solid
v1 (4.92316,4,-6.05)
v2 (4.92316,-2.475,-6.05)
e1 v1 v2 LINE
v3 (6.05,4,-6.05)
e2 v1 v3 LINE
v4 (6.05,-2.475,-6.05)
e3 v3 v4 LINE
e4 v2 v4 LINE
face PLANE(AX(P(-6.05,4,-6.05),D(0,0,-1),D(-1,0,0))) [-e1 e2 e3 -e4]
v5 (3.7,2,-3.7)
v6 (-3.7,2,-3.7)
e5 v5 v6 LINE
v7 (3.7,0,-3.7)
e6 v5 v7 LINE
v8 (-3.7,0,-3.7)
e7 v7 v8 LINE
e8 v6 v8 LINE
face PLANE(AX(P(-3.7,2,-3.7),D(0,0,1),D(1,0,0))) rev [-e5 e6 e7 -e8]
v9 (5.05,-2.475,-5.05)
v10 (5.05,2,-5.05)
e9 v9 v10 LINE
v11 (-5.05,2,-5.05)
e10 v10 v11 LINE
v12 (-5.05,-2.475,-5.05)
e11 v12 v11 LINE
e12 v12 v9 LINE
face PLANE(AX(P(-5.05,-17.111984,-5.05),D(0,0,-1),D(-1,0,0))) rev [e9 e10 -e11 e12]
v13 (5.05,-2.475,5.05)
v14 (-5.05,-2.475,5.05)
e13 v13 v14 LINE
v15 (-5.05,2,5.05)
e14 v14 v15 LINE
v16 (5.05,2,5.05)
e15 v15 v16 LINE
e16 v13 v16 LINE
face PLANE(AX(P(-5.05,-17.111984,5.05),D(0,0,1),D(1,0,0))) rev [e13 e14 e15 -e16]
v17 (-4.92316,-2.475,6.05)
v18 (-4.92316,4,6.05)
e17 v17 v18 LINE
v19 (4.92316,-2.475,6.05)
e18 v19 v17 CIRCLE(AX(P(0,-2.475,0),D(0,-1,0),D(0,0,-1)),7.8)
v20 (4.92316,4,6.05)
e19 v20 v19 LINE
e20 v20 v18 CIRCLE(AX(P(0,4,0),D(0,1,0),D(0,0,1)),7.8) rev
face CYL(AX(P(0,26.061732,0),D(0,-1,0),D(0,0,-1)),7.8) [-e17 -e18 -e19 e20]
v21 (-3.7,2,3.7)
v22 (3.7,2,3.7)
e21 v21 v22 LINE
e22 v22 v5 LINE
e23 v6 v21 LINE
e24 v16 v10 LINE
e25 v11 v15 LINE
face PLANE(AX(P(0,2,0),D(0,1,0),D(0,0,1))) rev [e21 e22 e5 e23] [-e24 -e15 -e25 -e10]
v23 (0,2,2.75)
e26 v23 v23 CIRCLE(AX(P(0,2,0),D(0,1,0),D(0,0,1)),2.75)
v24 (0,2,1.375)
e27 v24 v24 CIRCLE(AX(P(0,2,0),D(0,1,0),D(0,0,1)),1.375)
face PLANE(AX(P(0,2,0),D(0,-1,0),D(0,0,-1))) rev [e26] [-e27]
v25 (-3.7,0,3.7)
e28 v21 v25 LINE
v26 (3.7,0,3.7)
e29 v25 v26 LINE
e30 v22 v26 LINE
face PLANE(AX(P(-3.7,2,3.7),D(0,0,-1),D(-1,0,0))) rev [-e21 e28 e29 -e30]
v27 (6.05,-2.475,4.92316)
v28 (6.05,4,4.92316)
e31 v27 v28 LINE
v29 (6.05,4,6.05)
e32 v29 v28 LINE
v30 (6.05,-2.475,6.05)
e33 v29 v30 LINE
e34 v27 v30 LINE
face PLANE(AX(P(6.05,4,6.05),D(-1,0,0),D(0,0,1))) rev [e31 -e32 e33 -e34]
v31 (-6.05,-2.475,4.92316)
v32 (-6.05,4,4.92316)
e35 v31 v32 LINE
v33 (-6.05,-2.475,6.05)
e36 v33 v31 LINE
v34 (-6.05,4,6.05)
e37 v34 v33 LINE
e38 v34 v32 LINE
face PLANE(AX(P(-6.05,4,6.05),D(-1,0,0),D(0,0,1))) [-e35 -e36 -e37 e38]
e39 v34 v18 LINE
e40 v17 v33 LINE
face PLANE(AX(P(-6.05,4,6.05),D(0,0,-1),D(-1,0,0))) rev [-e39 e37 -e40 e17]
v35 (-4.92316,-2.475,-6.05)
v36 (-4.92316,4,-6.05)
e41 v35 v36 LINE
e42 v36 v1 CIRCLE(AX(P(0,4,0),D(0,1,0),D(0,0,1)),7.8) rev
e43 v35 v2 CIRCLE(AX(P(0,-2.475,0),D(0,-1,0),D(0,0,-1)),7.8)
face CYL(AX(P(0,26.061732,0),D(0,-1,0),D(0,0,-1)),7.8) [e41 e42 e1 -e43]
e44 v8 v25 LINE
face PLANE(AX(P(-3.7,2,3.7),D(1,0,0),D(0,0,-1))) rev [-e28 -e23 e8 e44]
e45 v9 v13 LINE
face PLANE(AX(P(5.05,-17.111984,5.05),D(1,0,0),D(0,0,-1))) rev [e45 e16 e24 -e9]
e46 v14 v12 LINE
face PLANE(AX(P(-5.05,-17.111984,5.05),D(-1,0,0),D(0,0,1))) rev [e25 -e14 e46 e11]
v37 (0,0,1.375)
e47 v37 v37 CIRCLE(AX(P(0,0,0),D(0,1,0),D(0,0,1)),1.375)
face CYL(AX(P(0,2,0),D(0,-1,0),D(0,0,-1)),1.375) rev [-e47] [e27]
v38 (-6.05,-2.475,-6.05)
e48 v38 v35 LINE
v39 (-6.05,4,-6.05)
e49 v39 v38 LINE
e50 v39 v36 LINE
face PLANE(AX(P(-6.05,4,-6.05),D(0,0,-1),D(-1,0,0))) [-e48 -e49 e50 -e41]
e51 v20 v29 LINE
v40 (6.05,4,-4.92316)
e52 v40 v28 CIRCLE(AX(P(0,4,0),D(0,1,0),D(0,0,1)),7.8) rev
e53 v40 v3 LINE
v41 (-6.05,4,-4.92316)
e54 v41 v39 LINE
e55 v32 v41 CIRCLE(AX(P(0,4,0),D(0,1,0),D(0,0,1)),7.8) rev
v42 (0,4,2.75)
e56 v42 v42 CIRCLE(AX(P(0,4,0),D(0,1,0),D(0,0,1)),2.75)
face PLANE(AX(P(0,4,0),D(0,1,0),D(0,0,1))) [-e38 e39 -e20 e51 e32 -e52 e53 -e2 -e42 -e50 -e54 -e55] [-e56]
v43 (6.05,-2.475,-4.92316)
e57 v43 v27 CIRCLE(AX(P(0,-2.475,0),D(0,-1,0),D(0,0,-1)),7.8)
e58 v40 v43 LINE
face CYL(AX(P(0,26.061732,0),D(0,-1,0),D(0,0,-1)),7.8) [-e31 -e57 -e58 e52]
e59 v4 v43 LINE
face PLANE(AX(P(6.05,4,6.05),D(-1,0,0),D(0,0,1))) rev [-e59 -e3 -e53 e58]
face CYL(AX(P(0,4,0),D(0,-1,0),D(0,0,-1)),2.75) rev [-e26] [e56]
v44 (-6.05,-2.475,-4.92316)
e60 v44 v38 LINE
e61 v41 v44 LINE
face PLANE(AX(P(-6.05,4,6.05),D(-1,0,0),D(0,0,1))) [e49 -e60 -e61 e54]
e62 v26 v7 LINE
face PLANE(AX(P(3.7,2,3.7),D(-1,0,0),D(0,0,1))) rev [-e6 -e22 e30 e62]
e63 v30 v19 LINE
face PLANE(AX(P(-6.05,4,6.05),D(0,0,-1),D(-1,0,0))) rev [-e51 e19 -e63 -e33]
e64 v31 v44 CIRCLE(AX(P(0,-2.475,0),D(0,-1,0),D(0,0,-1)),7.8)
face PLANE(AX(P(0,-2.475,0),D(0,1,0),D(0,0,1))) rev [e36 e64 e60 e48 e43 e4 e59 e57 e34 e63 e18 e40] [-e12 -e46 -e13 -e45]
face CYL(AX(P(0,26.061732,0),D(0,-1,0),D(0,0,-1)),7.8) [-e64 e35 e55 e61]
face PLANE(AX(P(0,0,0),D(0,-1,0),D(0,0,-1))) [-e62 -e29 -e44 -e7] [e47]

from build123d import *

# Parameters (mm, degrees)
SKETCH1_W           = 7.4
SKETCH1_H           = 7.4
SKETCH1_R           = 1.375
BOSS_EXTRUDE1_DEPTH = 2
SKETCH2_W           = 12.1
SKETCH2_H           = 12.1
SKETCH2_W_2         = 10.1
SKETCH2_H_2         = 10.1
BOSS_EXTRUDE2_DEPTH = 2
SKETCH3_W           = 12.1
SKETCH3_H           = 12.1
SKETCH3_R           = 2.75
BOSS_EXTRUDE3_DEPTH = 2
SKETCH4_R           = 2.75
SKETCH4_R_2         = 1.675
SKETCH4_R_3         = 1.375
BOSS_EXTRUDE4_DEPTH = 2
SKETCH5_R           = 1.675
BOSS_EXTRUDE5_DEPTH = 1.3
SKETCH10_W          = 12.1
SKETCH10_H          = 12.1
SKETCH10_W_2        = 10.1
SKETCH10_H_2        = 10.1
BOSS_EXTRUDE6_DEPTH = 3.175
SKETCH11_W          = 8.881017399
SKETCH11_H          = 18.09347602
CUT_EXTRUDE1_DEPTH  = 10
BOSS_EXTRUDE7_DEPTH = 6.475


with BuildPart() as part:
    # Sketch1 → Boss-Extrude1 (new body)
    with BuildSketch(Plane(origin=(0, 0, 0), x_dir=(1, 0, 0), z_dir=(0, 1, 0))):
        Rectangle(SKETCH1_W, SKETCH1_H)
        with Locations(Location((0, 0, 0), (0, 0, 270))):
            Circle(SKETCH1_R, mode=Mode.SUBTRACT)
    extrude(amount=BOSS_EXTRUDE1_DEPTH)



with BuildPart() as body_2:
    # Sketch2 → Boss-Extrude2 (new body)
    with BuildSketch(Plane(origin=(0, 2, 0), x_dir=(1, 0, 0), z_dir=(0, 1, 0))):
        Rectangle(SKETCH2_W, SKETCH2_H)
        Rectangle(SKETCH2_W_2, SKETCH2_H_2, mode=Mode.SUBTRACT)
    extrude(amount=-BOSS_EXTRUDE2_DEPTH)


with BuildPart() as part_1:
    add(part.part)

    add(body_2.part)  # Boss-Extrude3 merges body 2
    # Sketch3 → Boss-Extrude3 (add)
    with BuildSketch(Plane(origin=(0, 2, 0), x_dir=(1, 0, 0), z_dir=(0, 1, 0))):
        Rectangle(SKETCH3_W, SKETCH3_H)
        with Locations(Location((0, 0, 0), (0, 0, 270))):
            Circle(SKETCH3_R, mode=Mode.SUBTRACT)
    extrude(amount=BOSS_EXTRUDE3_DEPTH)

    # Sketch4 → Boss-Extrude4 (add)
    # profile 1 of 2: a face of its own
    with BuildSketch(Plane(origin=(0, 2, 0), x_dir=(1, 0, 0), z_dir=(0, 1, 0))):
        with BuildLine():
            Line((4, 0), (4, -20))
            ThreePointArc((4, -20), (0, -24), (-4, -20))
            Line((-4, -20), (-4, 0))
            ThreePointArc((-4, 0), (0, 4), (4, 0))
        make_face()
        with Locations(Location((0, 0, 0), (0, 0, 270))):
            Circle(SKETCH4_R, mode=Mode.SUBTRACT)
        with Locations(Location((0, -20, 0), (0, 0, 270))):
            Circle(SKETCH4_R_2, mode=Mode.SUBTRACT)
    # profile 2 of 2: a face of its own
    with BuildSketch(Plane(origin=(0, 2, 0), x_dir=(1, 0, 0), z_dir=(0, 1, 0))):
        with Locations(Location((0, 0, 0), (0, 0, 270))):
            Circle(SKETCH4_R_3)
    extrude(amount=BOSS_EXTRUDE4_DEPTH)


with BuildPart() as boss_extrude4_kept_piece:
    # of the separate pieces the step leaves, the one the design keeps (boss_extrude4_pieces_kept)
    add(part_1.part.solids().sort_by_distance((-3.7, 0, 3.7))[0])

    # Sketch5 → Boss-Extrude5 (add)
    # profile 1 of 2: a face of its own
    with BuildSketch(Plane(origin=(0, 2, 0), x_dir=(-1, 0, 0), z_dir=(0, -1, 0))):
        with BuildLine():
            ThreePointArc((-4, -20), (0, -16), (4, -20))
            Line((4, -20), (4, -6.05))
            Line((4, -6.05), (-4, -6.05))
            Line((-4, -6.05), (-4, -20))
        make_face()
    # profile 2 of 2: a face of its own
    with BuildSketch(Plane(origin=(0, 2, 0), x_dir=(-1, 0, 0), z_dir=(0, -1, 0))):
        with BuildLine():
            ThreePointArc((-4, -20), (0, -24), (4, -20))
            ThreePointArc((4, -20), (0, -16), (-4, -20))
        make_face()
        with Locations(Location((0, -20, 0), (0, 0, 90))):
            Circle(SKETCH5_R, mode=Mode.SUBTRACT)
    extrude(amount=BOSS_EXTRUDE5_DEPTH)

    # Sketch10 → Boss-Extrude6 (add)
    with BuildSketch(Plane.XZ.offset(-0.7)):
        Rectangle(SKETCH10_W, SKETCH10_H)
        Rectangle(SKETCH10_W_2, SKETCH10_H_2, mode=Mode.SUBTRACT)
    extrude(amount=BOSS_EXTRUDE6_DEPTH)

    # Sketch11 → Cut-Extrude1 (cut)
    with BuildSketch(Plane(origin=(0, 0.7, 0), x_dir=(-1, 0, 0), z_dir=(0, -1, 0))):
        with Locations((-0.4405087, -15.09673801)):
            Rectangle(SKETCH11_W, SKETCH11_H)
    extrude(amount=-CUT_EXTRUDE1_DEPTH, mode=Mode.SUBTRACT)

    # Sketch14 → Boss-Extrude7 (add)
    with BuildSketch(Plane(origin=(0, -2.475, 0), x_dir=(-1, 0, 0), z_dir=(0, -1, 0))):
        with BuildLine():
            Line((-4.923159555, 6.05), (4.923159555, 6.05))
            ThreePointArc((4.923159555, 6.05), (0, 7.8), (-4.923159555, 6.05))
        make_face()
        with BuildLine():
            ThreePointArc((6.05, -4.923159555), (7.8, 0), (6.05, 4.923159555))
            Line((6.05, 4.923159555), (6.05, -4.923159555))
        make_face()
        with BuildLine():
            Line((-6.05, -4.923159555), (-6.05, 4.923159555))
            ThreePointArc((-6.05, 4.923159555), (-7.8, 0), (-6.05, -4.923159555))
        make_face()
        with BuildLine():
            ThreePointArc((-4.923159555, -6.05), (0, -7.8), (4.923159555, -6.05))
            Line((4.923159555, -6.05), (-4.923159555, -6.05))
        make_face()
    extrude(amount=-BOSS_EXTRUDE7_DEPTH)


solid = boss_extrude4_kept_piece.part
